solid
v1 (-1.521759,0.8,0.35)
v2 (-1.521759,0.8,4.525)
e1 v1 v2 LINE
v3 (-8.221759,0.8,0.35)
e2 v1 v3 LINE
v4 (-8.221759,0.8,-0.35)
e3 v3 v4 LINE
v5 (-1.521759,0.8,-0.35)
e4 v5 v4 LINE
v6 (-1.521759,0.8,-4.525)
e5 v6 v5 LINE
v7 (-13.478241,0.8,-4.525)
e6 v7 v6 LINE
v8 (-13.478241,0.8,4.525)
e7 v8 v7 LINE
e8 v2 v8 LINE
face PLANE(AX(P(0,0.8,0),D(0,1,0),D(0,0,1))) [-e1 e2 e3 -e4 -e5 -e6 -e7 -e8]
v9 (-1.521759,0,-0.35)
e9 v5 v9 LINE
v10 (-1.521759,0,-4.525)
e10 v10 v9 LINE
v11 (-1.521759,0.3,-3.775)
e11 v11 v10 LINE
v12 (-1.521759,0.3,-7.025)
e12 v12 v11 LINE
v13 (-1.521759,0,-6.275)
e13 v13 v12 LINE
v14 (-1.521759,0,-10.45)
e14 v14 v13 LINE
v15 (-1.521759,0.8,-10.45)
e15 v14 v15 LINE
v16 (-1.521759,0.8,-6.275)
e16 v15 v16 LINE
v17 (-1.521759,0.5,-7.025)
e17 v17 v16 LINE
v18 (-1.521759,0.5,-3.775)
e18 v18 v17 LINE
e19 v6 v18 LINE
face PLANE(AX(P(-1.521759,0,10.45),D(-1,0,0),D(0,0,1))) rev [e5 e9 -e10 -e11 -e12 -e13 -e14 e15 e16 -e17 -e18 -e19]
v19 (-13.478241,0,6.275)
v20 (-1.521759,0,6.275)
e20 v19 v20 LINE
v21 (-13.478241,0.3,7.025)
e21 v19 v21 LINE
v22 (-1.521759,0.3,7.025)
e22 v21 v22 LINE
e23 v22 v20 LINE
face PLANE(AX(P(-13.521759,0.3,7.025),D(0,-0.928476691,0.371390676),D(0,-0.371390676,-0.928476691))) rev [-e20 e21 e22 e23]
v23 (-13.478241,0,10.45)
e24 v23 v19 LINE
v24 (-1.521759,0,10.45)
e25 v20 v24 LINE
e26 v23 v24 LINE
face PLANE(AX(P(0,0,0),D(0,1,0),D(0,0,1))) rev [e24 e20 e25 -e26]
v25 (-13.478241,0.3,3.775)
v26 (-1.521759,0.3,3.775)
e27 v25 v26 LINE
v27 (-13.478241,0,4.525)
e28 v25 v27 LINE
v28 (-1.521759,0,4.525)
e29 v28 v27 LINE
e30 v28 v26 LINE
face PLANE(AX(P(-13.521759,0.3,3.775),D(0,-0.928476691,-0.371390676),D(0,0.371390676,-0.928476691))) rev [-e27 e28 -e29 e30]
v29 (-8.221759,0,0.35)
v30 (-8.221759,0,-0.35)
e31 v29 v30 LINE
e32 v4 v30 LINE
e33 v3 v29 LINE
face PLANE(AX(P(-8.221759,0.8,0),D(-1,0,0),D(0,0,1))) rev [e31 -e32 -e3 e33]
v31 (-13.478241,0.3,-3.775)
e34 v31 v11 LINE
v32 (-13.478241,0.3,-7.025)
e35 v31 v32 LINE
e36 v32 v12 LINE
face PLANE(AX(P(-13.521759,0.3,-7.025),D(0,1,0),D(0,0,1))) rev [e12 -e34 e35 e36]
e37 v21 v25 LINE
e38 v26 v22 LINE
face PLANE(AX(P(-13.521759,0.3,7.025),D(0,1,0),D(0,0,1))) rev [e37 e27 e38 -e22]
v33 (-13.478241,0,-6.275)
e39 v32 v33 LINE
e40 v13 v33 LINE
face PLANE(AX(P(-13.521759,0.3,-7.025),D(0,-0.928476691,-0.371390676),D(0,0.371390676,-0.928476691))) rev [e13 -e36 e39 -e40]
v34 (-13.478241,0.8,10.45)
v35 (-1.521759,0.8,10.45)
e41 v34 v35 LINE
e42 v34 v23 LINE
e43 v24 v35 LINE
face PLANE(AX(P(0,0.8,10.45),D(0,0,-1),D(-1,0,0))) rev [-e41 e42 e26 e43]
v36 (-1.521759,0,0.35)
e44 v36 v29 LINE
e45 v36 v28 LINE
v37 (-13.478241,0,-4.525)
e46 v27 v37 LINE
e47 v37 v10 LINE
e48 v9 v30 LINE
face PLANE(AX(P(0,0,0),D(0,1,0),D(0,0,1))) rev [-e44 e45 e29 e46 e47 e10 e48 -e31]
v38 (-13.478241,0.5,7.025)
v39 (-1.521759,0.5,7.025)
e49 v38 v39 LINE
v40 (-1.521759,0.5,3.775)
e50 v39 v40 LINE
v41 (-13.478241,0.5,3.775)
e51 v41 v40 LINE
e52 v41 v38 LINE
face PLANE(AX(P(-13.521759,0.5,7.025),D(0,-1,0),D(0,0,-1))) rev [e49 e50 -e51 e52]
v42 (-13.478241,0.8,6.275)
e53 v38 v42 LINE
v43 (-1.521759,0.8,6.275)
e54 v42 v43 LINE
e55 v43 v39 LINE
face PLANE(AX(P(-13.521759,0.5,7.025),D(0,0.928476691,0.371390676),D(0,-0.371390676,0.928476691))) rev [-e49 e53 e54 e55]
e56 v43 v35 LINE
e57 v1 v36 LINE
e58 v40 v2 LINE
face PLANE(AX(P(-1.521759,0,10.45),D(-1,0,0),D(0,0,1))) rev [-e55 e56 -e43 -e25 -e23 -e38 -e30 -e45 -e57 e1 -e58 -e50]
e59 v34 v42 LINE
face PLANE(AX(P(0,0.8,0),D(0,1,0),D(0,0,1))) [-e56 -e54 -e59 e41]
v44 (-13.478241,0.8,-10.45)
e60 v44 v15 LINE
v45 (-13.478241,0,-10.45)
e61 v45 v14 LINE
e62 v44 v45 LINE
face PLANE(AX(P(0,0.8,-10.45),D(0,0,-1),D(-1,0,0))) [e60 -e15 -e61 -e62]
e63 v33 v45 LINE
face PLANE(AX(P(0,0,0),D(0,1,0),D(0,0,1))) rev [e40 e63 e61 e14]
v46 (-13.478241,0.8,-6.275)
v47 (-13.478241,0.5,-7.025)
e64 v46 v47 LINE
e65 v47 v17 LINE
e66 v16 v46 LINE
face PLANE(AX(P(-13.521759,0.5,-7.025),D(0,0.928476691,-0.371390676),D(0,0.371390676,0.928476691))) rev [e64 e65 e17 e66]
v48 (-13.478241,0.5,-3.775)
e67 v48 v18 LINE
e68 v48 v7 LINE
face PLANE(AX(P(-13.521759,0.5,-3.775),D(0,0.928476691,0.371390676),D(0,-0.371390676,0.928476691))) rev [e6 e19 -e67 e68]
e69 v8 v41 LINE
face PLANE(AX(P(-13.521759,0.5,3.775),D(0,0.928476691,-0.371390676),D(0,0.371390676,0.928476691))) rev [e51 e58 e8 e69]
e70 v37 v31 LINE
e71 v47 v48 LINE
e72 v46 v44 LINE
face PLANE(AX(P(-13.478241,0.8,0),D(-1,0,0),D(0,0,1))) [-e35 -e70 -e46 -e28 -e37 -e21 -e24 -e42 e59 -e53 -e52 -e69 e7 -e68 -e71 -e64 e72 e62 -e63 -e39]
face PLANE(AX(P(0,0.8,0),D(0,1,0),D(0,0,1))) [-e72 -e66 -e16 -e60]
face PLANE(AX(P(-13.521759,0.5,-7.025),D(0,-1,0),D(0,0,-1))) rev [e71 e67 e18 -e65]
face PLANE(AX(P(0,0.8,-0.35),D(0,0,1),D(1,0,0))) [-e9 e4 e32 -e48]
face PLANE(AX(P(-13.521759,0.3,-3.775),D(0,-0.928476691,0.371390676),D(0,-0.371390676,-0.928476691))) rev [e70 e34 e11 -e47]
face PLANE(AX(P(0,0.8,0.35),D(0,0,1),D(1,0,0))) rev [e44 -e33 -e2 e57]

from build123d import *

# Parameters (mm, degrees)
BOSS_EXTRUDE1_DEPTH = 0.8
CUT_EXTRUDE1_START  = -5.3
CUT_EXTRUDE1_DEPTH  = 21.7
SKETCH3_W           = 15
SKETCH3_H           = 20.9
CUT_EXTRUDE2_DEPTH  = 1.8


with BuildPart() as part:
    # Sketch1 → Boss-Extrude1 (new body)
    with BuildSketch(Plane(origin=(0, 0, 0), x_dir=(1, 0, 0), z_dir=(0, 1, 0))):
        Polygon((13.478240741, 10.45), (-13.478240741, 10.45), (-13.478240741, -10.45), (13.478240741, -10.45), (13.478240741, -0.35), (-8.221759259, -0.35), (-8.221759259, 0.35), (13.478240741, 0.35), align=None)
    extrude(amount=BOSS_EXTRUDE1_DEPTH)

    # Sketch2 → Cut-Extrude1 (cut)
    with BuildSketch(Plane(origin=(13.478240741, 0, 0), x_dir=(0, 0, -1), z_dir=(1, 0, 0)).offset(CUT_EXTRUDE1_START)):
        Polygon((-7.025, 0.5), (-3.775, 0.5), (-4.525, 0.8), (-6.275, 0.8), align=None)
        Polygon((-7.025, 0.3), (-6.275, 0), (-4.525, 0), (-3.775, 0.3), align=None)
        Polygon((7.025, 0.3), (3.775, 0.3), (4.525, 0), (6.275, 0), align=None)
        Polygon((7.025, 0.5), (6.275, 0.8), (4.525, 0.8), (3.775, 0.5), align=None)
    extrude(amount=-CUT_EXTRUDE1_DEPTH, mode=Mode.SUBTRACT)

    # Sketch3 → Cut-Extrude2 (cut, through all)
    with BuildSketch(Plane(origin=(0, 0.8, 0), x_dir=(1, 0, 0), z_dir=(0, 1, 0))):
        with Locations((5.978240741, 0)):
            Rectangle(SKETCH3_W, SKETCH3_H)
    extrude(amount=-CUT_EXTRUDE2_DEPTH, mode=Mode.SUBTRACT)


solid = part.part
